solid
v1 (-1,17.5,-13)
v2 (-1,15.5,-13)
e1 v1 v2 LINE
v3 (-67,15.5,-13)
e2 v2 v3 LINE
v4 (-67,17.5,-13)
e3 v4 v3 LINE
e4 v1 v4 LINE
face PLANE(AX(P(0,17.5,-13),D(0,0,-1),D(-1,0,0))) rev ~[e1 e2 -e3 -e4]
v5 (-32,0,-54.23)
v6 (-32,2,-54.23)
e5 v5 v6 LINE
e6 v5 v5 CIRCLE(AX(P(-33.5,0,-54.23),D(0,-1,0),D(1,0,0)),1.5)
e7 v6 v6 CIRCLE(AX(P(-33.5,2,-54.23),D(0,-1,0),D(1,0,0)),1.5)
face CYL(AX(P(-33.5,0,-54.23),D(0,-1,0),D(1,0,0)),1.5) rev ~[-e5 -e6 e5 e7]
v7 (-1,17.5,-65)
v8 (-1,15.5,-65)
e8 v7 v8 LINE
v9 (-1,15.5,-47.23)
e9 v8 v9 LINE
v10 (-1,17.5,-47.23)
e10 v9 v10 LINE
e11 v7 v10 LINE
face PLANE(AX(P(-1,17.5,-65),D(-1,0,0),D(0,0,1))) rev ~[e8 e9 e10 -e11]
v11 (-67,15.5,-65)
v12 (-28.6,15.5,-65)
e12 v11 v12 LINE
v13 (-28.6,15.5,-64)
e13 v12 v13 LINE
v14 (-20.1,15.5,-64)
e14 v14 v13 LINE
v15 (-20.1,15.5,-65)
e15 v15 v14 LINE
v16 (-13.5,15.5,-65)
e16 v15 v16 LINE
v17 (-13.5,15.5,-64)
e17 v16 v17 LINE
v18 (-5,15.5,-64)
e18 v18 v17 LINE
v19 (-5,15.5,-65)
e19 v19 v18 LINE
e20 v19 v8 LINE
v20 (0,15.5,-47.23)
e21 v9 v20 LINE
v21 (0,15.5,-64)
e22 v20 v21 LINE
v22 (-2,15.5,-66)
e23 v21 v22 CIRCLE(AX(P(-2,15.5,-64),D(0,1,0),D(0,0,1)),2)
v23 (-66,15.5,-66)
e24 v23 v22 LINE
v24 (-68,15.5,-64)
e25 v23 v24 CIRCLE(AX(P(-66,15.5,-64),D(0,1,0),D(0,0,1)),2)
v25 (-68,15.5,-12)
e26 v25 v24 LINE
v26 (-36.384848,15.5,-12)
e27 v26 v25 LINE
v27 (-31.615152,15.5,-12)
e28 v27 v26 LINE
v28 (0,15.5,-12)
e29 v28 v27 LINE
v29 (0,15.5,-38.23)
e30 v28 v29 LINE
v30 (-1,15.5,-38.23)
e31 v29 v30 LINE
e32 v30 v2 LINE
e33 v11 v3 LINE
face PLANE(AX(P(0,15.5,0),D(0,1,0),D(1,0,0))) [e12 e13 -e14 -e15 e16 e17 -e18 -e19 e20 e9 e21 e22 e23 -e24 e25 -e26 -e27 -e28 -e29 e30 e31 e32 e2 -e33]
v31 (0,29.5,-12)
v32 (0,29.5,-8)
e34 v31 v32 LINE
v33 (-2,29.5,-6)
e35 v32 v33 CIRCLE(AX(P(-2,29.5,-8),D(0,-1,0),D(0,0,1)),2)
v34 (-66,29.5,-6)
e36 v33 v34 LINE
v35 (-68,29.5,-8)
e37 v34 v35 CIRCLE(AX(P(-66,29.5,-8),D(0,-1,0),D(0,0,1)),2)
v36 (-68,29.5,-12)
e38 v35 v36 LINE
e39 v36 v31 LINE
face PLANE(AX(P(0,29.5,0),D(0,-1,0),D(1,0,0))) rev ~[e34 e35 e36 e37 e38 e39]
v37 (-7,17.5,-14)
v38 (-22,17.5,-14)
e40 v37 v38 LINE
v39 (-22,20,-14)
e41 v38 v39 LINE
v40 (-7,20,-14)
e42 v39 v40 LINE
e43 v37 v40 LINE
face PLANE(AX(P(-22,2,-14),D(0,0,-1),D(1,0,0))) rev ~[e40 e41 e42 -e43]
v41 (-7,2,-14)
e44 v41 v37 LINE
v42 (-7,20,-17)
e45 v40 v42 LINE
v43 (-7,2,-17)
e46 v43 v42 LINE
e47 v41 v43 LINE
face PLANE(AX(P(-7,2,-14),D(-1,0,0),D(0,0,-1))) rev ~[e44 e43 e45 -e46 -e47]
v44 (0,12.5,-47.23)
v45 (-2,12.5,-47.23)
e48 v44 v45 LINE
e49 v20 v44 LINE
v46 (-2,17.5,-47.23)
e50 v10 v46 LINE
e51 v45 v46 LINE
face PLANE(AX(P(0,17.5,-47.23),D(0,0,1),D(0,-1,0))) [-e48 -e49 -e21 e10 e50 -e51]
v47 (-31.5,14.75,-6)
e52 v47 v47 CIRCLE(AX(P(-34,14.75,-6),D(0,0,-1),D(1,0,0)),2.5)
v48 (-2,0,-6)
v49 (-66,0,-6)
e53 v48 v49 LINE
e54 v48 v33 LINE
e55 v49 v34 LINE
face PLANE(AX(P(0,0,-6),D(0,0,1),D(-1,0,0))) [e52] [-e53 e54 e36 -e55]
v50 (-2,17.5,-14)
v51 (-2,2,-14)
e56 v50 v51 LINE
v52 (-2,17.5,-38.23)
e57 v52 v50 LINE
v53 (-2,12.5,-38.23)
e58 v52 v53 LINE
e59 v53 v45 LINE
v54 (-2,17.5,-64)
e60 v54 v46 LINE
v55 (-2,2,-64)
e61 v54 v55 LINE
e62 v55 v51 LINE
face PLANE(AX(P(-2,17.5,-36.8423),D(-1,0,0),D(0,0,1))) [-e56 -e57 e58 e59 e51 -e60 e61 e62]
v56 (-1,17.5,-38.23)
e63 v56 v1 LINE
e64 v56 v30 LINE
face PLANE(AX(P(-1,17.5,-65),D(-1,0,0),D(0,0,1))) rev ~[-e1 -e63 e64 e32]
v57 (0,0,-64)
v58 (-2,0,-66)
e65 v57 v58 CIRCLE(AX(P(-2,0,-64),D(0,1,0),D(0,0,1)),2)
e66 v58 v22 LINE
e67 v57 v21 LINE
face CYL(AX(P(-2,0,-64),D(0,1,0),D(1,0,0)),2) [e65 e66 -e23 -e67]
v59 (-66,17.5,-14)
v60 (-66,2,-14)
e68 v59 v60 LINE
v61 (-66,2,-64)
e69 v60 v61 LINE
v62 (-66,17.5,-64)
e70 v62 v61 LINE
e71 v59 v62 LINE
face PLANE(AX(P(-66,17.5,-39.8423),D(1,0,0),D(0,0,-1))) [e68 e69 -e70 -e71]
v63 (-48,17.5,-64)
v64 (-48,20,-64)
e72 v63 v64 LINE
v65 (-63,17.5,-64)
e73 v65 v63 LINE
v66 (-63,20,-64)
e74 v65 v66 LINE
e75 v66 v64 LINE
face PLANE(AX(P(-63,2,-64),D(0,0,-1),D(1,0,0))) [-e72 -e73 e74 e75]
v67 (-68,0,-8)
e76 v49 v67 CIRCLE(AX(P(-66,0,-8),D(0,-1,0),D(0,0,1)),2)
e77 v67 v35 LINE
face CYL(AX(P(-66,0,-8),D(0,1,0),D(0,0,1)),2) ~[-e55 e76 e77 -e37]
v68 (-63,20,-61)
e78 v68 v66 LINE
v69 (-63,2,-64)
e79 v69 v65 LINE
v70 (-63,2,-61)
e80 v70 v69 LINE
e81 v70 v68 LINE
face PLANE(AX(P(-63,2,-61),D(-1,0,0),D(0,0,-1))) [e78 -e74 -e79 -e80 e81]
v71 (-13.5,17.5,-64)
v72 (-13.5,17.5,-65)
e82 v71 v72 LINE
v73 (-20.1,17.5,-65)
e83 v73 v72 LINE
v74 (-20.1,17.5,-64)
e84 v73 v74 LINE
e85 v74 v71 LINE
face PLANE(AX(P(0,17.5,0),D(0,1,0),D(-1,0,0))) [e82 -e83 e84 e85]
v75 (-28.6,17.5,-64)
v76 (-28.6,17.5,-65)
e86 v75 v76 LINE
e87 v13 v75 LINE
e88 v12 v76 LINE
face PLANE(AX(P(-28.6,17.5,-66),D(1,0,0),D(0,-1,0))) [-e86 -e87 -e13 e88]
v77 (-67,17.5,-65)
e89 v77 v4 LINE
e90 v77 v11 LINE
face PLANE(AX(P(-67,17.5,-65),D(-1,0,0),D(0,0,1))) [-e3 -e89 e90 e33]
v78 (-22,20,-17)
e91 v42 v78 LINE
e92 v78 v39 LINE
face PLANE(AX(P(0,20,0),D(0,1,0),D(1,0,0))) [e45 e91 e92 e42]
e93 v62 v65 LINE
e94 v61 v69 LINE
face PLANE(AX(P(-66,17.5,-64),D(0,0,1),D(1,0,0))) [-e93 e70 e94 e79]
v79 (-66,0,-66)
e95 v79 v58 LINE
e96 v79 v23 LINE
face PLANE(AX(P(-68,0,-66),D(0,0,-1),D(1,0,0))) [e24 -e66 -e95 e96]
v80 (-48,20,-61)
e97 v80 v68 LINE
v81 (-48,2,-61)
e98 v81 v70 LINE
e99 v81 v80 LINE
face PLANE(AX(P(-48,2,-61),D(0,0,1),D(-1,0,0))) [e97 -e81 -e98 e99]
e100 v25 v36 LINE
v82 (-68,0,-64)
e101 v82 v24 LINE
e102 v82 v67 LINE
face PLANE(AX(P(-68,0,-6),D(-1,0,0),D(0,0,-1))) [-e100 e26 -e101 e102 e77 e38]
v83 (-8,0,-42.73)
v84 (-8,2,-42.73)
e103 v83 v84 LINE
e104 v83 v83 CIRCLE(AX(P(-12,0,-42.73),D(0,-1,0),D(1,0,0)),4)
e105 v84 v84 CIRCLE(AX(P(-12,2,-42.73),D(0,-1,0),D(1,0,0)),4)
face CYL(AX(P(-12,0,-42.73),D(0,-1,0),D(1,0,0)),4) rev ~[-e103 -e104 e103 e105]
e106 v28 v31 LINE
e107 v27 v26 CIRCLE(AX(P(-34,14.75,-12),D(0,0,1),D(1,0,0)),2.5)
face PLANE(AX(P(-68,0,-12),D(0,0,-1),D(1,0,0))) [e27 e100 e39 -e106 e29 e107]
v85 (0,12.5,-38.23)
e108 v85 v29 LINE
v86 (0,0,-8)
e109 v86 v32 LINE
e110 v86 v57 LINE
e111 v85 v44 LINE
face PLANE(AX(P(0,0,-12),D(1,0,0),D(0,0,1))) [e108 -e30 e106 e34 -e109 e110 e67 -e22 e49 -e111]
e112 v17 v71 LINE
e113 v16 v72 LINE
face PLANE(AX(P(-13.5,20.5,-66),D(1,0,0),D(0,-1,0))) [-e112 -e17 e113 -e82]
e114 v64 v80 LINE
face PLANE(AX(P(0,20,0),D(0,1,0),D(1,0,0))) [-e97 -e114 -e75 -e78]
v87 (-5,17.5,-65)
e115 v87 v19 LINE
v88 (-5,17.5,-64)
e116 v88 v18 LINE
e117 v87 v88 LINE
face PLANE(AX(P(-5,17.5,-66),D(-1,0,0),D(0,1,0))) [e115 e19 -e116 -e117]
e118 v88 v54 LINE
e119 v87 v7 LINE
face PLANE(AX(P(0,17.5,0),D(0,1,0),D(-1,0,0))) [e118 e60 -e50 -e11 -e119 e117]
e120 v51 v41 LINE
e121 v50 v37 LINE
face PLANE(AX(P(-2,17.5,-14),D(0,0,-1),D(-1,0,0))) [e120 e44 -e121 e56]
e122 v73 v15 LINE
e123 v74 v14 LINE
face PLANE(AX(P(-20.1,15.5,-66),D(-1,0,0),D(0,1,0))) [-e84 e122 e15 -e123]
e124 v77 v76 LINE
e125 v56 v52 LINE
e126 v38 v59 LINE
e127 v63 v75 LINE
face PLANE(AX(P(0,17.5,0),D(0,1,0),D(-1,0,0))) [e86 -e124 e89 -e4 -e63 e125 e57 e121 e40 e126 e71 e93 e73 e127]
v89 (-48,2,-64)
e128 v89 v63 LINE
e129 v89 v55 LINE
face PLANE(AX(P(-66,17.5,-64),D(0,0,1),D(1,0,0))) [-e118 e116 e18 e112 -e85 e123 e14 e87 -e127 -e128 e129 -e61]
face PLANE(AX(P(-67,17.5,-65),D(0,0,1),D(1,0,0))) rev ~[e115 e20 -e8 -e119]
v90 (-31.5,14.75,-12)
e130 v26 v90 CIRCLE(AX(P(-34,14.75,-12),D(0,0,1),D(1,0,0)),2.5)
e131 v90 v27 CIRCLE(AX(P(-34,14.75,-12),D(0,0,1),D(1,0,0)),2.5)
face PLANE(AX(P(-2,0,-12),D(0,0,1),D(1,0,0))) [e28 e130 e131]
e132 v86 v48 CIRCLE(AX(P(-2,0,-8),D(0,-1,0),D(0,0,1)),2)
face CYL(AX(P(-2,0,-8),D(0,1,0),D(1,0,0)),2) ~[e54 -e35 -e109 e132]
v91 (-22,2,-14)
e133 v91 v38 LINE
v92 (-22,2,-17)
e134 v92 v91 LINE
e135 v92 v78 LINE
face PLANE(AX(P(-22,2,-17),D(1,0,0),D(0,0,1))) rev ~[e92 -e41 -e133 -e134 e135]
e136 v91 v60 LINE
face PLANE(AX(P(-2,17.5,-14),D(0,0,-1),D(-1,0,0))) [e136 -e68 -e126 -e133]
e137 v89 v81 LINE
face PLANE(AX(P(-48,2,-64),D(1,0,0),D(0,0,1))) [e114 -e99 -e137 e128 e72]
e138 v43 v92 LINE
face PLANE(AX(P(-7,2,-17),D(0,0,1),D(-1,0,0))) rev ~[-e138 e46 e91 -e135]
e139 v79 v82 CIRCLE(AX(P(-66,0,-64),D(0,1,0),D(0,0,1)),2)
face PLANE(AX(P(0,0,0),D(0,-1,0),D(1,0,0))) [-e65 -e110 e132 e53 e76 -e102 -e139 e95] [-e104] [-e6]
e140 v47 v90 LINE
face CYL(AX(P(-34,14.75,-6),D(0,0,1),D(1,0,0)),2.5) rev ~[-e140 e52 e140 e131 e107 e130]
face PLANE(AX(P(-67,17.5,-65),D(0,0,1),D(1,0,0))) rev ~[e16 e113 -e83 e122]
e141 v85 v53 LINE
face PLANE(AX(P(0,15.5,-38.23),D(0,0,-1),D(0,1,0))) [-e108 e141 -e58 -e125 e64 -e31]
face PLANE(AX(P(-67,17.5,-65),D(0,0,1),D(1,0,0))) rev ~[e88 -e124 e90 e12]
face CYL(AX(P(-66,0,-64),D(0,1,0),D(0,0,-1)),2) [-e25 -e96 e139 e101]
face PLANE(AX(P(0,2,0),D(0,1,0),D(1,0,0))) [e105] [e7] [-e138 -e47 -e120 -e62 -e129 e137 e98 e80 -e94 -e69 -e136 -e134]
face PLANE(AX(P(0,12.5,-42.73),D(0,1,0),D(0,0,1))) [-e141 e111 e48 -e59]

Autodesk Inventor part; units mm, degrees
ref_plane "YZ Plane" through (0, 0, 0) normal (1, 0, 0) x (0, 1, 0)
ref_plane "XZ Plane" through (0, 0, 0) normal (0, 1, 0) x (-1, 0, 0)
ref_plane "XY Plane" through (0, 0, 0) normal (0, 0, 1) x (1, 0, 0)
sketch "Sketch1" plane through (0, 0, 0) normal (0, 1, 0) x (-1, 0, 0)
  point P0 (0, 0)
sketch "Sketch2" plane through (0, 0, 0) normal (0, 1, 0) x (-1, 0, 0)
  line L0 (68, -12) -> (68, -66)
  line L1 (68, -66) -> (0, -66)
  line L2 (0, -66) -> (0, -12)
  line L3 (68, -12) -> (0, -12)
  point P0 (0, 0)
  dimension "d0" = 68
  dimension "d138" = 54
extrude "Extrusion1" add sketch "Sketch2" along normal blind 17.5
sketch "Sketch3" plane through (0, 17.5, 0) normal (0, 1, 0) x (1, 0, 0)
  line L0 (0, 66) -> (-68, 66) projected
  line L1 (-68, 66) -> (0, 66)
  line L2 (-68, 66) -> (0, 66)
  line L3 (0, 66) -> (-68, 66)
  line L4 (-68, 66) -> (-68, 12)
  line L5 (-68, 12) -> (0, 12)
  line L6 (0, 66) -> (0, 12)
  dimension "d135" = 68
  dimension "d136" = 54
sketch "Sketch4" plane through (0, 17.5, 0) normal (0, 1, 0) x (1, 0, 0)
  line L0 (0, 66) -> (-68, 66) projected
  line L1 (-30.4814, 66) -> (-28.4814, 66)
  line L2 (-28.4814, 66) -> (-28.4814, 64)
  line L3 (-68, 66) -> (-68, 12) projected
  line L4 (-68, 37.8423) -> (-68, 39.8423)
  line L5 (-68, 39.8423) -> (-66, 39.8423)
  line L6 (0, 38.8423) -> (0, 36.8423)
  line L7 (0, 36.8423) -> (-2, 36.8423)
  line L8 (-66, 64) -> (-2, 64)
  line L9 (-2, 64) -> (-2, 14)
  line L10 (-2, 14) -> (-66, 14)
  line L11 (-66, 14) -> (-66, 64)
  dimension "d5" = 2
  dimension "d6" = 2
  dimension "d7" = 2
  dimension "d11" = 2
  dimension "d75" = 2
  dimension "d132" = 50
  dimension "d133" = 64
extrude "Extrusion2" cut sketch "Sketch4" against normal blind 15.5 contours L8 L9 L10 L11
sketch "Sketch7" plane through (0, 17.5, 0) normal (0, 1, 0) x (1, 0, 0)
  line L0 (-68, 66) -> (-67, 66)
  line L1 (-68, 66) -> (-6, 66)
  line L2 (-68, 65) -> (-68, 66)
  line L3 (0, 66) -> (-7, 66)
  line L4 (-67, 65) -> (-1, 65)
  line L5 (0, 66) -> (-68, 66) projected
  line L6 (-68, 66) -> (0, 66)
  line L7 (0, 12) -> (0, 66) projected
  line L8 (0, 12) -> (-1, 12)
  line L9 (-1, 66) -> (0, 66)
  line L10 (0, 66) -> (0, 12)
  line L11 (0, 12) -> (-1, 12)
  line L12 (-68, 12) -> (0, 12) projected
  line L13 (-1, 65) -> (-1, 12)
  line L14 (0, 12) -> (-1, 12)
  line L15 (-67, 65) -> (-67, 12)
  line L16 (-68, 66) -> (-68, 12) projected
  line L17 (-67, 12) -> (-68, 12)
  line L18 (-68, 12) -> (-68, 66)
  dimension "d76" = 1
  dimension "d139" = 1
  dimension "d140" = 1
extrude "Extrusion3" cut sketch "Sketch7" against normal blind 2 contours L0 L1 L3 L7 L8 L13 L4 L15 L12 L16 L2
sketch "Sketch8" plane through (0, 17.5, 0) normal (0, 1, 0) x (1, 0, 0)
  line L0 (0, 12) -> (0, 13)
  line L1 (0, 13) -> (-68, 13)
  line L2 (0, 12) -> (-68, 12)
  line L3 (-68, 12) -> (-68, 13)
  line L4 (-67, 12) -> (-1, 12) projected
  point P0 (0, 0)
  point P1 (-70, 0)
  dimension "d46" = 68
  dimension "d141" = 1
extrude "Extrusion4" cut sketch "Sketch8" against normal blind 2
sketch "Sketch10" plane through (0, 2, 0) normal (0, 1, 0) x (1, 0, 0)
  line L0 (-31, 2) -> (-41, 2)
  line L1 (-63, 64) -> (-48, 64)
  line L2 (-48, 64) -> (-48, 61)
  line L3 (-48, 61) -> (-63, 61)
  line L4 (-63, 61) -> (-63, 64)
  line L5 (-22, 14) -> (-7, 14)
  line L6 (-7, 14) -> (-7, 17)
  line L7 (-7, 17) -> (-22, 17)
  line L8 (-22, 17) -> (-22, 14)
  line L9 (-66, 14) -> (-66, 64) projected
  line L10 (-2, 14) -> (-66, 14) projected
  line L11 (-66, 64) -> (-2, 64)
  line L12 (-2, 64) -> (-2, 14)
  line L13 (-2, 14) -> (-66, 14)
  line L14 (-66, 14) -> (-66, 64)
  point P0 (0, 0)
  point P1 (-21, 64)
  dimension "d57" = 15
  dimension "d58" = 3
  dimension "d61" = 15
  dimension "d79" = 3
extrude "Extrusion5" add sketch "Sketch10" along normal blind 18 contours L1 L2 L3 L4 | L8 L7 L6 L5
sketch "Sketch11" plane through (0, 0, 0) normal (0, -1, 0) x (1, 0, 0)
  circle A0 centre (-12, -42.73) radius 4
  circle A1 centre (-33.5, -54.23) radius 1.5
  line L0 (0, 0) -> (0, -66) projected
  line L1 (0, -66) -> (-68, -66) projected
  line L2 (-2, -64) -> (-2, -14) projected
  dimension "d85" = 23.27
  dimension "d86" = 21.5
  dimension "d88" = 8
  dimension "d89" = 3
  dimension "d119" = 11.5
  dimension "d120" = 10
extrude "Extrusion6" cut sketch "Sketch11" against normal blind 9
sketch "Sketch12" plane through (0, 0, 0) normal (0, -1, 0) x (1, 0, 0)
  line L0 (-68, -12) -> (-68, -66) projected
  line L1 (0, -12) -> (0, -6)
  line L2 (0, -6) -> (-68, -6)
  line L3 (-68, -6) -> (-68, -12)
  line L4 (-68, -12) -> (0, -12)
  line L5 (0, -12) -> (-68, -12) projected
  point P0 (0, 0)
  point P1 (-70, 0)
  dimension "d81" = 6
  dimension "d143" = 68
  dimension "d144" = 0
extrude "Extrusion7" add sketch "Sketch12" against normal blind 29.5
sketch "Sketch15" plane through (0, 0, -66) normal (1, 0, 0) x (0, 0, -1)
  line L0 (-27.77, 17.5) -> (-18.77, 17.5)
  line L1 (-18.77, 17.5) -> (-18.77, 12.5)
  line L2 (-18.77, 12.5) -> (-27.77, 12.5)
  line L3 (-27.77, 12.5) -> (-27.77, 17.5)
  line L4 (-54, 0) -> (-54, 29.5) projected
  line L5 (0, 0) -> (0, 15.5) projected
  line L6 (0, 0) -> (-60, 0) projected
  line L7 (0, 15.5) -> (-54, 15.5) projected
  line L8 (-23.27, -7.8454) -> (-23.27, 0)
  line L9 (-23.27, 0) -> (-23.27, 15.5)
  point P0 (-66, 0)
  point P1 (-66, 14.75)
  point P2 (0, 16.75)
  dimension "d108" = 9
  dimension "d109" = 5
  dimension "d111" = 27.77
extrude "Extrusion9" cut sketch "Sketch15" against normal blind 10 contours L0 L1 L7 L3 | L7 L9 L2 L3 | L1 L2 L9 L7
fillet "Fillet7" radius 2 1 edges at (0, 7.75, -66)
fillet "Fillet8" radius 2 1 edges at (-68, 7.75, -66)
fillet "Fillet9" radius 2 1 edges at (0, 14.75, -6)
fillet "Fillet11" radius 2 1 edges at (-68, 14.75, -6)
sketch "Sketch16" plane through (-2, 0, -6) normal (0, 0, 1) x (1, 0, 0)
  line L0 (2, 29.5) -> (-66, 29.5) projected
  line L1 (-32, 29.5) -> (-32, 0)
  line L2 (-46, 2) -> (0, 2) projected
  line L3 (-66, 0) -> (-66, 15.5) projected
  line L4 (-66, 15.5) -> (-66, 29.5) projected
  line L5 (-32, 14.75) -> (-64, 14.75)
  line L6 (-64, 0) -> (-64, 29.5) projected
  circle A0 centre (-32, 14.75) radius 2.5
  point P0 (2, 0)
  dimension "d148" = 5
extrude "Extrusion10" cut sketch "Sketch16" against normal blind 6 contours A0 L1 | L1 L5 A0 | L1 A0 L5
sketch "Sketch17" plane through (-2, 0, -66) normal (0, 0, -1) x (-1, 0, 0)
  line L0 (3, 20.5) -> (11.5, 20.5)
  line L1 (11.5, 20.5) -> (11.5, 15.5)
  line L2 (11.5, 15.5) -> (3, 15.5)
  line L3 (3, 15.5) -> (3, 20.5)
  line L4 (18.1, 20.5) -> (26.6, 20.5)
  line L5 (26.6, 20.5) -> (26.6, 15.5)
  line L6 (26.6, 15.5) -> (18.1, 15.5)
  line L7 (18.1, 15.5) -> (18.1, 20.5)
  line L8 (66, 0) -> (66, 15.5) projected
  line L9 (-1, 17.5) -> (65, 17.5) projected
  line L10 (64, 15.5) -> (0, 15.5) projected
  line L11 (-2, 15.5) -> (-2, 0) projected
  dimension "d151" = 8.5
  dimension "d152" = 8.5
  dimension "d153" = 5
  dimension "d157" = 0
  dimension "d158" = 13.5
  dimension "d160" = 28.6
extrude "Extrusion11" cut sketch "Sketch17" against normal blind 10 contours L0 L1 L9 L3 | L9 L1 L2 L3 | L9 L5 L6 L7 | L7 L4 L5 L9
properties part number "Shell 3 top"
